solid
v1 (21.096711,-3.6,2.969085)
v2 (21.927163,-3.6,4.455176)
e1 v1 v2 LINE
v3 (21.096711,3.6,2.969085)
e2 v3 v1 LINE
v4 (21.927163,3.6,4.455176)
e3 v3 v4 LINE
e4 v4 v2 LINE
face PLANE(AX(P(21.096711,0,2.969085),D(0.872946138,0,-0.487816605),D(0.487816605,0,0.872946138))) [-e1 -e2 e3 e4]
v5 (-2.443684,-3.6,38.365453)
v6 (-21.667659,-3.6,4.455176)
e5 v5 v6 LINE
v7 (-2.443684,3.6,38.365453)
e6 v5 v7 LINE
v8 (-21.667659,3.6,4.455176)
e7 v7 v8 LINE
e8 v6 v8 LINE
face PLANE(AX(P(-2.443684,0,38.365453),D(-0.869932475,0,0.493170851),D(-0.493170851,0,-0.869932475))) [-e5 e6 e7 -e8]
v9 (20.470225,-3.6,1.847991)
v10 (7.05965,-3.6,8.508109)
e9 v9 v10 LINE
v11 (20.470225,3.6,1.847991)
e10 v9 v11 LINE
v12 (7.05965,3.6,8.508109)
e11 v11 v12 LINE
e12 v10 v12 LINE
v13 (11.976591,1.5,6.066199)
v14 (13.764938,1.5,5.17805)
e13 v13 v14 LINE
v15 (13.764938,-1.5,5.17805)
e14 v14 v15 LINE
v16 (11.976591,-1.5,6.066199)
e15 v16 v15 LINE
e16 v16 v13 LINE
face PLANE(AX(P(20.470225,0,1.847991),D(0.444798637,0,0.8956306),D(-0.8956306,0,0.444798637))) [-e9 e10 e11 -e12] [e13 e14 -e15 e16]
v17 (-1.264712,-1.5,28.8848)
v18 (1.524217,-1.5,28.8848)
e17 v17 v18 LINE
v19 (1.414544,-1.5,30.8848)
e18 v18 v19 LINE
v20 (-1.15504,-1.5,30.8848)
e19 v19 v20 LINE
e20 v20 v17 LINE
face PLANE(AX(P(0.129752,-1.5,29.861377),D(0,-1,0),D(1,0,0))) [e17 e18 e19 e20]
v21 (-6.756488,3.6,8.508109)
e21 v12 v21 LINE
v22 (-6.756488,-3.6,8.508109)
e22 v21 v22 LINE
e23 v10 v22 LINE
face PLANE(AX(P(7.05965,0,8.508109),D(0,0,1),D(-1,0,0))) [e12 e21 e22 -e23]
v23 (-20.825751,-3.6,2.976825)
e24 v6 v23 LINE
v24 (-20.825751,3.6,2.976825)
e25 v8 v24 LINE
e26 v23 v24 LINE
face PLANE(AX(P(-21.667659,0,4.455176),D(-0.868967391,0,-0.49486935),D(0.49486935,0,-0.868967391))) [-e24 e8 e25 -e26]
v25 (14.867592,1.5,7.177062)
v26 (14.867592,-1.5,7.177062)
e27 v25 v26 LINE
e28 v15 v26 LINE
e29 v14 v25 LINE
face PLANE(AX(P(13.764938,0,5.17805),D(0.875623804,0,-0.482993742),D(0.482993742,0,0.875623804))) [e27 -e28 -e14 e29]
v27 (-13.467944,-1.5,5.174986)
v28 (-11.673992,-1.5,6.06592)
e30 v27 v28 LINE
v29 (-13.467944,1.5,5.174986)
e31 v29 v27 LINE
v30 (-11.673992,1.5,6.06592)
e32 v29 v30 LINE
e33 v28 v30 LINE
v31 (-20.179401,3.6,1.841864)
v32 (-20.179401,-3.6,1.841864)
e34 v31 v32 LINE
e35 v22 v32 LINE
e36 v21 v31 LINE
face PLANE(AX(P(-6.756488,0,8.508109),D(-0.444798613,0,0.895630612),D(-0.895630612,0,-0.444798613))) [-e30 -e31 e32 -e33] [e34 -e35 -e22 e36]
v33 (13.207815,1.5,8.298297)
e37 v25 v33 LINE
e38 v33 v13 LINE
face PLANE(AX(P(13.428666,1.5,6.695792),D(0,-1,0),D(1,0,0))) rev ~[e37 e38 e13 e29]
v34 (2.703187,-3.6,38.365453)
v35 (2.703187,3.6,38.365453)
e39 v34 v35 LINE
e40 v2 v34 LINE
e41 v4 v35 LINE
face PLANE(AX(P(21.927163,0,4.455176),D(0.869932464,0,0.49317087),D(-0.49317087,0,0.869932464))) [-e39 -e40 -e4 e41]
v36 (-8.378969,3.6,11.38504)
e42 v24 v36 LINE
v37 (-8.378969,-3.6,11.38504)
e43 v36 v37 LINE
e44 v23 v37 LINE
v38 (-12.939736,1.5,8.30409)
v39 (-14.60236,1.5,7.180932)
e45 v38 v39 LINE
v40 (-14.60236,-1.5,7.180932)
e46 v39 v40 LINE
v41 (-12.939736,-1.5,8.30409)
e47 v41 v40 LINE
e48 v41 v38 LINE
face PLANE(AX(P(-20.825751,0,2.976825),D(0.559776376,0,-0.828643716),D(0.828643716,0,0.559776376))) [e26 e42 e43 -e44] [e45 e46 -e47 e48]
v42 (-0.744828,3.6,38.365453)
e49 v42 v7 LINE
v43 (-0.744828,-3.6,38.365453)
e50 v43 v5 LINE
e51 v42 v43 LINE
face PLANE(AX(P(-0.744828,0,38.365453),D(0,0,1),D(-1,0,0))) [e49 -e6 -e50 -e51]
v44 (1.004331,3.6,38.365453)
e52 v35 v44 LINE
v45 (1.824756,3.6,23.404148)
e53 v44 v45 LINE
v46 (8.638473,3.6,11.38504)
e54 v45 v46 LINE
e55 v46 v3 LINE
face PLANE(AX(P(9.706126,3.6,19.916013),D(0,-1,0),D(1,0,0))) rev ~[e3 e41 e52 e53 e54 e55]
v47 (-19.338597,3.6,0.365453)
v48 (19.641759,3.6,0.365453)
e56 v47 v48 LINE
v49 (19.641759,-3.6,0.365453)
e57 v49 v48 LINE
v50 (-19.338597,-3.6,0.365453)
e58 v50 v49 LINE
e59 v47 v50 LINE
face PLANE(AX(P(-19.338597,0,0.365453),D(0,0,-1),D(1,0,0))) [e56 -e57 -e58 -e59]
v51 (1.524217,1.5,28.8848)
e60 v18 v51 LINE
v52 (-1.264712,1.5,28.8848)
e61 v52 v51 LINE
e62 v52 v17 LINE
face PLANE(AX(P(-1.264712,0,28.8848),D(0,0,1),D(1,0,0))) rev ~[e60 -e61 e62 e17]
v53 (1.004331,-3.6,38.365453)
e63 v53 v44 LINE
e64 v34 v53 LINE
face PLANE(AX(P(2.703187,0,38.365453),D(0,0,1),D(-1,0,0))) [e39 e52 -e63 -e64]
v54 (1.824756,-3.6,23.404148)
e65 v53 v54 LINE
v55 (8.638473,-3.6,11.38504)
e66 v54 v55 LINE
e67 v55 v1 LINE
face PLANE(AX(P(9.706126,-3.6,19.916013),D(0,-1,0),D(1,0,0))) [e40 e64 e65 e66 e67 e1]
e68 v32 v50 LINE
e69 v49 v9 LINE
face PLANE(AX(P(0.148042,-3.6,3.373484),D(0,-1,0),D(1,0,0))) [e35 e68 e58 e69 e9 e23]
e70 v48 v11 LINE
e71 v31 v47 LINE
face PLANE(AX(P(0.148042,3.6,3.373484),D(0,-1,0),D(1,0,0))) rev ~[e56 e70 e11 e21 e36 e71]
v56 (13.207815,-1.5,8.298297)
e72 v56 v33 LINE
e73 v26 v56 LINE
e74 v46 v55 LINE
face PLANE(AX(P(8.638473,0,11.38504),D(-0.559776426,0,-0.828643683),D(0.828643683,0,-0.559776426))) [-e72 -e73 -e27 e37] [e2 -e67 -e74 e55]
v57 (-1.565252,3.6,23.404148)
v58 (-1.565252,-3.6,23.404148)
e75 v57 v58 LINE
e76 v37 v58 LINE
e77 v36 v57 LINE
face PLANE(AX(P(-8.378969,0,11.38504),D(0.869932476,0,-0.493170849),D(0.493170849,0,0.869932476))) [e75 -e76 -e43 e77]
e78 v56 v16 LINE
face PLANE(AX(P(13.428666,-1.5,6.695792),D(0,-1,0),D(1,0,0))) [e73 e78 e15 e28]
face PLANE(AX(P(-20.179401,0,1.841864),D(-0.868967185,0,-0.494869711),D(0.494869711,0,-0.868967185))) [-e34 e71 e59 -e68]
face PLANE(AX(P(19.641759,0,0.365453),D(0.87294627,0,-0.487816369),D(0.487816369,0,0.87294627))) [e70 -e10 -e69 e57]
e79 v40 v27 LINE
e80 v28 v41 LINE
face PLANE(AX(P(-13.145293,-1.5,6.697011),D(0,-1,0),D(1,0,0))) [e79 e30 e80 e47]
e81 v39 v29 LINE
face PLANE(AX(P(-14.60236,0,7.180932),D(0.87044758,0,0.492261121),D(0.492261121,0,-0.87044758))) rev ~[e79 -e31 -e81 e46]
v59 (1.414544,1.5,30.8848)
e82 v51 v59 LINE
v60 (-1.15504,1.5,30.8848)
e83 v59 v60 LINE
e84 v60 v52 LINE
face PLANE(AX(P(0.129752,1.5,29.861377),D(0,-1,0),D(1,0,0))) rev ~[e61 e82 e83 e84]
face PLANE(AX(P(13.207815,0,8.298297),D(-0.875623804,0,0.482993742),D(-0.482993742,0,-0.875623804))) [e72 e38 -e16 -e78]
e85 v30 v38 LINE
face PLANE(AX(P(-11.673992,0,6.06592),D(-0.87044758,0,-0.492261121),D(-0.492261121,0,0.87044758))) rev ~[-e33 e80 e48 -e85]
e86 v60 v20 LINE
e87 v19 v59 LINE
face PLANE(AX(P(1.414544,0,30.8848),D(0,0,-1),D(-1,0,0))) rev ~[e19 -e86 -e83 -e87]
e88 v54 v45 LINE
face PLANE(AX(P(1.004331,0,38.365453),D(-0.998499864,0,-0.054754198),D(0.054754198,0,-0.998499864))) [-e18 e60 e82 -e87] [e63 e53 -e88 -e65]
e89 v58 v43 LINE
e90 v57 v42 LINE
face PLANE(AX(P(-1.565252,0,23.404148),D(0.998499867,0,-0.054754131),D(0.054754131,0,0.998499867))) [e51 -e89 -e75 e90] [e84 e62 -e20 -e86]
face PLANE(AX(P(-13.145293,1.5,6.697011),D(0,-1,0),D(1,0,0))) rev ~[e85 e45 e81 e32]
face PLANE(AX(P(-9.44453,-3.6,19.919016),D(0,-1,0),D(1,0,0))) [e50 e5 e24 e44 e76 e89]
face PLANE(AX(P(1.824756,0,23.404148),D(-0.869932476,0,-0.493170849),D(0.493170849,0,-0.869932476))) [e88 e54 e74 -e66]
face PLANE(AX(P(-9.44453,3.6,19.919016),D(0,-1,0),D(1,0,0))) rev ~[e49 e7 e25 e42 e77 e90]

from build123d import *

# Parameters (mm, degrees)
F1_DEPTH = 3.6
F3_DEPTH = 1.5


with BuildPart() as f1:
    # F0 (on Front) → F1 (new body, symmetric)
    with BuildSketch(Plane.XZ):
        Polygon((-20.8257506798, 2.9768245619), (-8.3789686798, 11.3850395619), (-1.5652516798, 23.4041475619), (-0.7448276798, 38.3654525619), (-2.4436836798, 38.3654525619), (-21.6676586798, 4.4551755619), align=None)
    extrude(amount=F1_DEPTH, both=True)



with BuildPart() as f1b:
    # F0 (on Front) → F1, piece 2 (new body, symmetric)
    with BuildSketch(Plane.XZ):
        Polygon((1.8247563202, 23.4041475619), (8.6384733202, 11.3850395619), (21.0967113202, 2.9690845619), (21.9271633202, 4.4551755619), (2.7031873202, 38.3654525619), (1.0043313202, 38.3654525619), align=None)
    extrude(amount=F1_DEPTH, both=True)


with BuildPart() as f1c:
    # F0 (on Front) → F1, piece 3 (new body, symmetric)
    with BuildSketch(Plane.XZ):
        Polygon((7.0596503202, 8.5081085619), (-6.7564876798, 8.5081085619), (-20.1794006798, 1.8418635619), (-19.3385966798, 0.3654525619), (19.6417593202, 0.3654525619), (20.4702253202, 1.8479905619), align=None)
    extrude(amount=F1_DEPTH, both=True)


with BuildPart() as f1_1:
    add(f1.part)

    add(f1b.part)  # F3 merges F1b

    add(f1c.part)  # F3 merges F1c
    # F2 (on Front) → F3 (join, symmetric)
    with BuildSketch(Plane.XZ):
        Polygon((1.4145438202, 30.8848000619), (-1.1550396798, 30.8848000619), (-1.2647124657, 28.8848000619), (1.5242167398, 28.8848000619), align=None)
        Polygon((-12.939735993, 8.3040896316), (-14.6023596798, 7.1809320619), (-13.4679441798, 5.1749860619), (-11.6739917823, 6.0659198107), align=None)
        Polygon((11.9765909947, 6.0661994647), (13.7649378202, 5.1780495619), (14.8675923202, 7.1770620619), (13.207815063, 8.2982969193), align=None)
    extrude(amount=F3_DEPTH, both=True)


solid = f1_1.part
